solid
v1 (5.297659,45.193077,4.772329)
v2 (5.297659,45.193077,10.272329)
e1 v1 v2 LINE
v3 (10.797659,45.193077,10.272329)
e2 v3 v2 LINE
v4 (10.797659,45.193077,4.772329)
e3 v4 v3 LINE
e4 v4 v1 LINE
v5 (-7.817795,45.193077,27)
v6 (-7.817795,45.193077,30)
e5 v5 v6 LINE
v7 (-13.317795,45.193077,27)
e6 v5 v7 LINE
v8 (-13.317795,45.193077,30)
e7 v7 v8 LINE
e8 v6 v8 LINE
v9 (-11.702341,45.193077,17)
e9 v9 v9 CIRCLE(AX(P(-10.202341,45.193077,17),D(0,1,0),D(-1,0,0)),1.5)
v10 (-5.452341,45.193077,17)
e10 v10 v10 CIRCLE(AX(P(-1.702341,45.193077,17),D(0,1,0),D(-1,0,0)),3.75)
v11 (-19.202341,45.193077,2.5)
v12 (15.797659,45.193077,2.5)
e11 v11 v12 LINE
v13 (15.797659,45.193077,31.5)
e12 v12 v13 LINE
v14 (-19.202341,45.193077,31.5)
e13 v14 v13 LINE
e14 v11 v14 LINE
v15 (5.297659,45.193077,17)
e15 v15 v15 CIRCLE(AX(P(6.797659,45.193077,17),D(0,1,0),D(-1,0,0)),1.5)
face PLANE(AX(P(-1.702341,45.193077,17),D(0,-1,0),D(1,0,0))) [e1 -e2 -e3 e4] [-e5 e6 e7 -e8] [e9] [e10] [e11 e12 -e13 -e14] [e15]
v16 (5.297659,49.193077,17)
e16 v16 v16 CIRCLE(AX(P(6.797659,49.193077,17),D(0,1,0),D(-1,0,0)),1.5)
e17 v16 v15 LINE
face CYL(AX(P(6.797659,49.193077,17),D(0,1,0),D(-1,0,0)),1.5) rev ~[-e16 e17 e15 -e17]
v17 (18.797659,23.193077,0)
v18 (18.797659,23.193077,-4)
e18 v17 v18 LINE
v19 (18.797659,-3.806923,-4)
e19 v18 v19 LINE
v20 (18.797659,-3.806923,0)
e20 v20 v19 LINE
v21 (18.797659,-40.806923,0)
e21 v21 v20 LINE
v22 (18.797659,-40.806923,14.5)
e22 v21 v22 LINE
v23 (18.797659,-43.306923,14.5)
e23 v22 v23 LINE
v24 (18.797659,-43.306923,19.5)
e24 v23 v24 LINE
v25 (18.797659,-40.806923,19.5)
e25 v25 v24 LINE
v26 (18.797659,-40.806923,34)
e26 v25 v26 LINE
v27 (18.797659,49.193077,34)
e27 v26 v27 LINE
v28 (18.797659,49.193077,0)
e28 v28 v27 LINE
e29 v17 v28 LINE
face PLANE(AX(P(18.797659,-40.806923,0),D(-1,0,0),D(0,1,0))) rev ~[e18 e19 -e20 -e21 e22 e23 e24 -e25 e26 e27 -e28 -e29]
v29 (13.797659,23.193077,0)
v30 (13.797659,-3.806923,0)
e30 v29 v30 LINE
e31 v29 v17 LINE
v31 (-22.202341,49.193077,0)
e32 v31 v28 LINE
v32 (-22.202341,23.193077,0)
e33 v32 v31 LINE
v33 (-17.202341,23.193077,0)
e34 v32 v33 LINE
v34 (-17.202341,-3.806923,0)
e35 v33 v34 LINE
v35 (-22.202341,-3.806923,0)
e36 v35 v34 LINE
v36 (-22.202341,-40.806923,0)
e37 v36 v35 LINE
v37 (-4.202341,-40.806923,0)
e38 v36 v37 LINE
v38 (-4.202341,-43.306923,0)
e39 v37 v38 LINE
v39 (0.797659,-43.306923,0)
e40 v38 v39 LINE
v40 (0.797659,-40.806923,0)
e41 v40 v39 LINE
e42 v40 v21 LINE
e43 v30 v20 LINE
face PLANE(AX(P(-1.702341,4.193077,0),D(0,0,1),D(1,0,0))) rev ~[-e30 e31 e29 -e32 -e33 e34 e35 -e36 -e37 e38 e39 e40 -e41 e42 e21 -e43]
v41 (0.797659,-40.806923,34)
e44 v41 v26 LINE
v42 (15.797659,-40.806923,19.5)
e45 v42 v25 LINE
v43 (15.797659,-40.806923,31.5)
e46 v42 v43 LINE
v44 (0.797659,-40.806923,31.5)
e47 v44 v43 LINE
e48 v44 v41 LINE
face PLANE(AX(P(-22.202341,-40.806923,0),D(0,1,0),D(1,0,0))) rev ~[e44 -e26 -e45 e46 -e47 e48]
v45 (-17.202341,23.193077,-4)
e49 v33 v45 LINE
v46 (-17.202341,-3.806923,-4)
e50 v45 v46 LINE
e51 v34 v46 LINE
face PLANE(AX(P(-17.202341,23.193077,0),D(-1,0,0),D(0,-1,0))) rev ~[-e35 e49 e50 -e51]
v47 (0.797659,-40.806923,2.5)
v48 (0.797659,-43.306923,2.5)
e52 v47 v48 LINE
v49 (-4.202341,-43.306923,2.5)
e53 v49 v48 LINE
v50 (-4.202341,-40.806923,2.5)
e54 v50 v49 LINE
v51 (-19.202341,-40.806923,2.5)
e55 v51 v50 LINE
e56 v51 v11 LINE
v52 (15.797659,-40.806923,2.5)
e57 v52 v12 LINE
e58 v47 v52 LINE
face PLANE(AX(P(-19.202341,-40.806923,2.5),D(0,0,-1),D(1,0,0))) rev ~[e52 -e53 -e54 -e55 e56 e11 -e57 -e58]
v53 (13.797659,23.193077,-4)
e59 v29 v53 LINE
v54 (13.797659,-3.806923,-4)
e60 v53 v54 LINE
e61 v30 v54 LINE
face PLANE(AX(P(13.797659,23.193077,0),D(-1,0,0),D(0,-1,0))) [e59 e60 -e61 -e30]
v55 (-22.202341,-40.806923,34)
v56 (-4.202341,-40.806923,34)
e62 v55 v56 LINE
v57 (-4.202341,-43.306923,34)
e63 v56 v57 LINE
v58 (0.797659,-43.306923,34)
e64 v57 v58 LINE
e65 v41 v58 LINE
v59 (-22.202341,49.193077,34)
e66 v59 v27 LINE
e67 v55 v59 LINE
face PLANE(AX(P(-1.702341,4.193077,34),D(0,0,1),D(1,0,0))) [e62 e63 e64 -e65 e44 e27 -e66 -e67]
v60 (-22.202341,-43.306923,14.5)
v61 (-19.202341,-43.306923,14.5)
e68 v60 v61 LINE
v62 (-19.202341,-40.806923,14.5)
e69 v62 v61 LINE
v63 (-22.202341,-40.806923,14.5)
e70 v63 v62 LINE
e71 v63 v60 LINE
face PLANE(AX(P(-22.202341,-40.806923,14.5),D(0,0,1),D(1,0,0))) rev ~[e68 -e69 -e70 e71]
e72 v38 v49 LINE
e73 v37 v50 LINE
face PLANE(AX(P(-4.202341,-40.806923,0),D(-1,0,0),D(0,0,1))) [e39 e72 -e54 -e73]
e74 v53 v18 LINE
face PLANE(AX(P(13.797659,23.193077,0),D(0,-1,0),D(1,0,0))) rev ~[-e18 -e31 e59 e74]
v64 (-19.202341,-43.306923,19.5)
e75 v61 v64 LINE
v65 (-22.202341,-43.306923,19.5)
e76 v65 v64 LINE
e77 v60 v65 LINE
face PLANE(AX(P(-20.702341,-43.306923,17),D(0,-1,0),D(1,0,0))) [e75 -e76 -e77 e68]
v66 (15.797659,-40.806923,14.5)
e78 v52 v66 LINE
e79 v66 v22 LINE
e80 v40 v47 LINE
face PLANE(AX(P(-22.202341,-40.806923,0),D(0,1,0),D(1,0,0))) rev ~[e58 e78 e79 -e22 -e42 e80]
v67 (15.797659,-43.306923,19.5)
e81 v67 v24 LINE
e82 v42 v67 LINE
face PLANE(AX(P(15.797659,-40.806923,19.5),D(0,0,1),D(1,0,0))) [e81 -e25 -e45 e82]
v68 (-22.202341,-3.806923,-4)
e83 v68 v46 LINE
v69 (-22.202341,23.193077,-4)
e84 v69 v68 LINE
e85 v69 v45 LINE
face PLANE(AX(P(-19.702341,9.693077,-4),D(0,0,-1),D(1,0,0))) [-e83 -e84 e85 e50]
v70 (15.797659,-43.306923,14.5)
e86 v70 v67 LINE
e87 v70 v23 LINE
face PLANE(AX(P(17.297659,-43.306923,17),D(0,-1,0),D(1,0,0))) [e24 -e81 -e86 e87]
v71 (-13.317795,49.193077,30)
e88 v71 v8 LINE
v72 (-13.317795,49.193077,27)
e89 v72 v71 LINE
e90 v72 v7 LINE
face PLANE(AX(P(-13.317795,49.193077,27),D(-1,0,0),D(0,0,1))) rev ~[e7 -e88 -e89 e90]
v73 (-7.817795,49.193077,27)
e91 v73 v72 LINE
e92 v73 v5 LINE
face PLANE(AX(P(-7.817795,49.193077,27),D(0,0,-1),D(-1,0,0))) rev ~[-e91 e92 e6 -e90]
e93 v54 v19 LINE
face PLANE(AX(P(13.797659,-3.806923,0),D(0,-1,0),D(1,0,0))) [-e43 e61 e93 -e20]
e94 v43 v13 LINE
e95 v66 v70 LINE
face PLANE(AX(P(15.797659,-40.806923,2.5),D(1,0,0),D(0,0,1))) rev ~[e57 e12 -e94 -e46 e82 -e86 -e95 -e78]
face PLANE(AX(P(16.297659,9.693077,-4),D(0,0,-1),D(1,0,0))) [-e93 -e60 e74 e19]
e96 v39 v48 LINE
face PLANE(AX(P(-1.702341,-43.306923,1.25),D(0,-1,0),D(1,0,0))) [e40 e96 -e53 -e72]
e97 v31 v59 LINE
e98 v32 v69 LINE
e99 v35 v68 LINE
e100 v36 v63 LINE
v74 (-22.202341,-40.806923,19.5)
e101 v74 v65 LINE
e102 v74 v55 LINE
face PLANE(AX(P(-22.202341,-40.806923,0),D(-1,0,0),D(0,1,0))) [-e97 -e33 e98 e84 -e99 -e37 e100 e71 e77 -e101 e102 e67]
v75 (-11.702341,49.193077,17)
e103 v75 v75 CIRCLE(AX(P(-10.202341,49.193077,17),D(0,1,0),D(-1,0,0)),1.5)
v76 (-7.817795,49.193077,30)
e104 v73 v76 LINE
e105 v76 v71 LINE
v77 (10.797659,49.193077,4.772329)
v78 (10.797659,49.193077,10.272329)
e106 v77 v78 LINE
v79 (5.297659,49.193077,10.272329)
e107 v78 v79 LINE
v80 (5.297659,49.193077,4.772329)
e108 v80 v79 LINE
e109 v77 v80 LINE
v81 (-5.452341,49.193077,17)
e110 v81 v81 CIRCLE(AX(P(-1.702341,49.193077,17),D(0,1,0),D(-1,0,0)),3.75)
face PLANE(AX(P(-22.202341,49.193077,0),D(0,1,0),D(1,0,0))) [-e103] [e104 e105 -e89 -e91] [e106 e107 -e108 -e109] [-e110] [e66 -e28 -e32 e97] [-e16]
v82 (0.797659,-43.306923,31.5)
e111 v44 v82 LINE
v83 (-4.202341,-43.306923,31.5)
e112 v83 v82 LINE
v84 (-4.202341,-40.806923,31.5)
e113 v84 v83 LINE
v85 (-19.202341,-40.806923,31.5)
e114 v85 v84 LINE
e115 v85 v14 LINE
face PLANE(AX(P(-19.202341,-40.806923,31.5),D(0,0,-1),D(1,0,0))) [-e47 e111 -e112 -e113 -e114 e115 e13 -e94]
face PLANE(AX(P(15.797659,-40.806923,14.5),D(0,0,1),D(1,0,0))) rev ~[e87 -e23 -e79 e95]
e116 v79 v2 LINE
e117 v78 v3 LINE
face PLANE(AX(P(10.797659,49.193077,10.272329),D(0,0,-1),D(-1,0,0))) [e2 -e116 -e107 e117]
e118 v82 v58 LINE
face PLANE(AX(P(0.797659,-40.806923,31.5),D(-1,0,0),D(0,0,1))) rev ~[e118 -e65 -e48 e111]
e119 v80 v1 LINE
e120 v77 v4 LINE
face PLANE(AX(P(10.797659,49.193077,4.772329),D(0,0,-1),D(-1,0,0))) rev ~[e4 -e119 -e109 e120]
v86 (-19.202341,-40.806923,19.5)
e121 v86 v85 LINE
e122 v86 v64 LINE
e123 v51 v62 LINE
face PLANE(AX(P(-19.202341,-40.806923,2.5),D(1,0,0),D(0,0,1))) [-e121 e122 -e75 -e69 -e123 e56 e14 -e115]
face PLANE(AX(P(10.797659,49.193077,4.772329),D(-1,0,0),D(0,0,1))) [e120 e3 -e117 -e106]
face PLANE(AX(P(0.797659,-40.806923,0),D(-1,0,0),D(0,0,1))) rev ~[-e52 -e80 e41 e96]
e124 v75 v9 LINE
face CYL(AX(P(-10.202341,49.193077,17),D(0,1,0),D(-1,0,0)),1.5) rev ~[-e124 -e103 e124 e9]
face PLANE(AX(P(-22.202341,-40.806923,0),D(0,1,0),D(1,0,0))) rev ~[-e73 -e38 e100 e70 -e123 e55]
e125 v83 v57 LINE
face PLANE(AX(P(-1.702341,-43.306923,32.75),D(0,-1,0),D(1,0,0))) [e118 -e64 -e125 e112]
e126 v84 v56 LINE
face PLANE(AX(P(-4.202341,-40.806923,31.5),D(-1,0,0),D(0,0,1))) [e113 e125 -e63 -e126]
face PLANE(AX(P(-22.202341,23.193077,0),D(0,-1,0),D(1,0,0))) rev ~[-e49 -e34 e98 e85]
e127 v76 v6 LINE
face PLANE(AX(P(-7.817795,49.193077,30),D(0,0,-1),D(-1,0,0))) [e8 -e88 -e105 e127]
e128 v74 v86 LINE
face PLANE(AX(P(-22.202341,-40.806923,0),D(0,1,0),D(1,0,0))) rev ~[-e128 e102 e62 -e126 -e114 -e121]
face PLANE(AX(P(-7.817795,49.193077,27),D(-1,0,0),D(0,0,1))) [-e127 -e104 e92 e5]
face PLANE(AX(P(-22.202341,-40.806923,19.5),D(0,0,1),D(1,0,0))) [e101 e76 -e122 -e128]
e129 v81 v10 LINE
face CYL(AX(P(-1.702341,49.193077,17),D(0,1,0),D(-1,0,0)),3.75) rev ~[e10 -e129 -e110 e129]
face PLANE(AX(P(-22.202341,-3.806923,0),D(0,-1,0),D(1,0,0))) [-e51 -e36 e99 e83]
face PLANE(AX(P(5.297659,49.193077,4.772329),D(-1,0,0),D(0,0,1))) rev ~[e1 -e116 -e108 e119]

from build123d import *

# Parameters (mm, degrees)
F0_W     = 41
F0_H     = 90
F1_DEPTH = 34
F2_W     = 35
F2_H     = 29
F3_DEPTH = 86
F4_W     = 5.5
F4_H     = 5.5
F4_R     = 3.75
F4_H_2   = 3
F4_R_2   = 1.5
F5_DEPTH = 4
F6_W     = 5
F6_H     = 2.5
F6_W_2   = 3
F6_H_2   = 5
F7_DEPTH = 2.5
F8_W     = 5
F8_H     = 27
F9_DEPTH = 4


with BuildPart() as f1:
    # F0 (on Top) → F1 (new body)
    with BuildSketch(Plane.XY):
        with Locations((-1.702341, 4.193077)):
            Rectangle(F0_W, F0_H)
    extrude(amount=F1_DEPTH)

    # F2 (on face) → F3 (cut)
    with BuildSketch(Plane.XZ.offset(40.806923)):
        with Locations((-1.702341, 17)):
            Rectangle(F2_W, F2_H)
    extrude(amount=-F3_DEPTH, mode=Mode.SUBTRACT)

    # F4 (on face) → F5 (cut, through all)
    with BuildSketch(Plane(origin=(0, 49.193077, 0), x_dir=(-1, 0, 0), z_dir=(0, 1, 0))):
        with Locations((-8.047659, 7.522329)):
            Rectangle(F4_W, F4_H)
        with Locations((1.702341, 17)):
            Circle(F4_R)
        with Locations((10.567795, 28.5)):
            Rectangle(F4_W, F4_H_2)
        with Locations((10.202341, 17)):
            Circle(F4_R_2)
        with Locations((-6.797659, 17)):
            Circle(F4_R_2)
    extrude(amount=-F5_DEPTH, mode=Mode.SUBTRACT)

    # F6 (on face) → F7 (join)
    with BuildSketch(Plane.XZ.offset(40.806923)):
        with Locations((-1.702341, 32.75)):
            Rectangle(F6_W, F6_H)
        with Locations((-20.702341, 17)):
            Rectangle(F6_W_2, F6_H_2)
        with Locations((17.297659, 17)):
            Rectangle(F6_W_2, F6_H_2)
        with Locations((-1.702341, 1.25)):
            Rectangle(F6_W, F6_H)
    extrude(amount=F7_DEPTH)

    # F8 (on face) → F9 (join)
    with BuildSketch(Plane(origin=(0, 0, 0), x_dir=(1, 0, 0), z_dir=(0, 0, -1))):
        with Locations((-19.702341, -9.693077)):
            Rectangle(F8_W, F8_H)
        with Locations((16.297659, -9.693077)):
            Rectangle(F8_W, F8_H)
    extrude(amount=F9_DEPTH)


solid = f1.part
